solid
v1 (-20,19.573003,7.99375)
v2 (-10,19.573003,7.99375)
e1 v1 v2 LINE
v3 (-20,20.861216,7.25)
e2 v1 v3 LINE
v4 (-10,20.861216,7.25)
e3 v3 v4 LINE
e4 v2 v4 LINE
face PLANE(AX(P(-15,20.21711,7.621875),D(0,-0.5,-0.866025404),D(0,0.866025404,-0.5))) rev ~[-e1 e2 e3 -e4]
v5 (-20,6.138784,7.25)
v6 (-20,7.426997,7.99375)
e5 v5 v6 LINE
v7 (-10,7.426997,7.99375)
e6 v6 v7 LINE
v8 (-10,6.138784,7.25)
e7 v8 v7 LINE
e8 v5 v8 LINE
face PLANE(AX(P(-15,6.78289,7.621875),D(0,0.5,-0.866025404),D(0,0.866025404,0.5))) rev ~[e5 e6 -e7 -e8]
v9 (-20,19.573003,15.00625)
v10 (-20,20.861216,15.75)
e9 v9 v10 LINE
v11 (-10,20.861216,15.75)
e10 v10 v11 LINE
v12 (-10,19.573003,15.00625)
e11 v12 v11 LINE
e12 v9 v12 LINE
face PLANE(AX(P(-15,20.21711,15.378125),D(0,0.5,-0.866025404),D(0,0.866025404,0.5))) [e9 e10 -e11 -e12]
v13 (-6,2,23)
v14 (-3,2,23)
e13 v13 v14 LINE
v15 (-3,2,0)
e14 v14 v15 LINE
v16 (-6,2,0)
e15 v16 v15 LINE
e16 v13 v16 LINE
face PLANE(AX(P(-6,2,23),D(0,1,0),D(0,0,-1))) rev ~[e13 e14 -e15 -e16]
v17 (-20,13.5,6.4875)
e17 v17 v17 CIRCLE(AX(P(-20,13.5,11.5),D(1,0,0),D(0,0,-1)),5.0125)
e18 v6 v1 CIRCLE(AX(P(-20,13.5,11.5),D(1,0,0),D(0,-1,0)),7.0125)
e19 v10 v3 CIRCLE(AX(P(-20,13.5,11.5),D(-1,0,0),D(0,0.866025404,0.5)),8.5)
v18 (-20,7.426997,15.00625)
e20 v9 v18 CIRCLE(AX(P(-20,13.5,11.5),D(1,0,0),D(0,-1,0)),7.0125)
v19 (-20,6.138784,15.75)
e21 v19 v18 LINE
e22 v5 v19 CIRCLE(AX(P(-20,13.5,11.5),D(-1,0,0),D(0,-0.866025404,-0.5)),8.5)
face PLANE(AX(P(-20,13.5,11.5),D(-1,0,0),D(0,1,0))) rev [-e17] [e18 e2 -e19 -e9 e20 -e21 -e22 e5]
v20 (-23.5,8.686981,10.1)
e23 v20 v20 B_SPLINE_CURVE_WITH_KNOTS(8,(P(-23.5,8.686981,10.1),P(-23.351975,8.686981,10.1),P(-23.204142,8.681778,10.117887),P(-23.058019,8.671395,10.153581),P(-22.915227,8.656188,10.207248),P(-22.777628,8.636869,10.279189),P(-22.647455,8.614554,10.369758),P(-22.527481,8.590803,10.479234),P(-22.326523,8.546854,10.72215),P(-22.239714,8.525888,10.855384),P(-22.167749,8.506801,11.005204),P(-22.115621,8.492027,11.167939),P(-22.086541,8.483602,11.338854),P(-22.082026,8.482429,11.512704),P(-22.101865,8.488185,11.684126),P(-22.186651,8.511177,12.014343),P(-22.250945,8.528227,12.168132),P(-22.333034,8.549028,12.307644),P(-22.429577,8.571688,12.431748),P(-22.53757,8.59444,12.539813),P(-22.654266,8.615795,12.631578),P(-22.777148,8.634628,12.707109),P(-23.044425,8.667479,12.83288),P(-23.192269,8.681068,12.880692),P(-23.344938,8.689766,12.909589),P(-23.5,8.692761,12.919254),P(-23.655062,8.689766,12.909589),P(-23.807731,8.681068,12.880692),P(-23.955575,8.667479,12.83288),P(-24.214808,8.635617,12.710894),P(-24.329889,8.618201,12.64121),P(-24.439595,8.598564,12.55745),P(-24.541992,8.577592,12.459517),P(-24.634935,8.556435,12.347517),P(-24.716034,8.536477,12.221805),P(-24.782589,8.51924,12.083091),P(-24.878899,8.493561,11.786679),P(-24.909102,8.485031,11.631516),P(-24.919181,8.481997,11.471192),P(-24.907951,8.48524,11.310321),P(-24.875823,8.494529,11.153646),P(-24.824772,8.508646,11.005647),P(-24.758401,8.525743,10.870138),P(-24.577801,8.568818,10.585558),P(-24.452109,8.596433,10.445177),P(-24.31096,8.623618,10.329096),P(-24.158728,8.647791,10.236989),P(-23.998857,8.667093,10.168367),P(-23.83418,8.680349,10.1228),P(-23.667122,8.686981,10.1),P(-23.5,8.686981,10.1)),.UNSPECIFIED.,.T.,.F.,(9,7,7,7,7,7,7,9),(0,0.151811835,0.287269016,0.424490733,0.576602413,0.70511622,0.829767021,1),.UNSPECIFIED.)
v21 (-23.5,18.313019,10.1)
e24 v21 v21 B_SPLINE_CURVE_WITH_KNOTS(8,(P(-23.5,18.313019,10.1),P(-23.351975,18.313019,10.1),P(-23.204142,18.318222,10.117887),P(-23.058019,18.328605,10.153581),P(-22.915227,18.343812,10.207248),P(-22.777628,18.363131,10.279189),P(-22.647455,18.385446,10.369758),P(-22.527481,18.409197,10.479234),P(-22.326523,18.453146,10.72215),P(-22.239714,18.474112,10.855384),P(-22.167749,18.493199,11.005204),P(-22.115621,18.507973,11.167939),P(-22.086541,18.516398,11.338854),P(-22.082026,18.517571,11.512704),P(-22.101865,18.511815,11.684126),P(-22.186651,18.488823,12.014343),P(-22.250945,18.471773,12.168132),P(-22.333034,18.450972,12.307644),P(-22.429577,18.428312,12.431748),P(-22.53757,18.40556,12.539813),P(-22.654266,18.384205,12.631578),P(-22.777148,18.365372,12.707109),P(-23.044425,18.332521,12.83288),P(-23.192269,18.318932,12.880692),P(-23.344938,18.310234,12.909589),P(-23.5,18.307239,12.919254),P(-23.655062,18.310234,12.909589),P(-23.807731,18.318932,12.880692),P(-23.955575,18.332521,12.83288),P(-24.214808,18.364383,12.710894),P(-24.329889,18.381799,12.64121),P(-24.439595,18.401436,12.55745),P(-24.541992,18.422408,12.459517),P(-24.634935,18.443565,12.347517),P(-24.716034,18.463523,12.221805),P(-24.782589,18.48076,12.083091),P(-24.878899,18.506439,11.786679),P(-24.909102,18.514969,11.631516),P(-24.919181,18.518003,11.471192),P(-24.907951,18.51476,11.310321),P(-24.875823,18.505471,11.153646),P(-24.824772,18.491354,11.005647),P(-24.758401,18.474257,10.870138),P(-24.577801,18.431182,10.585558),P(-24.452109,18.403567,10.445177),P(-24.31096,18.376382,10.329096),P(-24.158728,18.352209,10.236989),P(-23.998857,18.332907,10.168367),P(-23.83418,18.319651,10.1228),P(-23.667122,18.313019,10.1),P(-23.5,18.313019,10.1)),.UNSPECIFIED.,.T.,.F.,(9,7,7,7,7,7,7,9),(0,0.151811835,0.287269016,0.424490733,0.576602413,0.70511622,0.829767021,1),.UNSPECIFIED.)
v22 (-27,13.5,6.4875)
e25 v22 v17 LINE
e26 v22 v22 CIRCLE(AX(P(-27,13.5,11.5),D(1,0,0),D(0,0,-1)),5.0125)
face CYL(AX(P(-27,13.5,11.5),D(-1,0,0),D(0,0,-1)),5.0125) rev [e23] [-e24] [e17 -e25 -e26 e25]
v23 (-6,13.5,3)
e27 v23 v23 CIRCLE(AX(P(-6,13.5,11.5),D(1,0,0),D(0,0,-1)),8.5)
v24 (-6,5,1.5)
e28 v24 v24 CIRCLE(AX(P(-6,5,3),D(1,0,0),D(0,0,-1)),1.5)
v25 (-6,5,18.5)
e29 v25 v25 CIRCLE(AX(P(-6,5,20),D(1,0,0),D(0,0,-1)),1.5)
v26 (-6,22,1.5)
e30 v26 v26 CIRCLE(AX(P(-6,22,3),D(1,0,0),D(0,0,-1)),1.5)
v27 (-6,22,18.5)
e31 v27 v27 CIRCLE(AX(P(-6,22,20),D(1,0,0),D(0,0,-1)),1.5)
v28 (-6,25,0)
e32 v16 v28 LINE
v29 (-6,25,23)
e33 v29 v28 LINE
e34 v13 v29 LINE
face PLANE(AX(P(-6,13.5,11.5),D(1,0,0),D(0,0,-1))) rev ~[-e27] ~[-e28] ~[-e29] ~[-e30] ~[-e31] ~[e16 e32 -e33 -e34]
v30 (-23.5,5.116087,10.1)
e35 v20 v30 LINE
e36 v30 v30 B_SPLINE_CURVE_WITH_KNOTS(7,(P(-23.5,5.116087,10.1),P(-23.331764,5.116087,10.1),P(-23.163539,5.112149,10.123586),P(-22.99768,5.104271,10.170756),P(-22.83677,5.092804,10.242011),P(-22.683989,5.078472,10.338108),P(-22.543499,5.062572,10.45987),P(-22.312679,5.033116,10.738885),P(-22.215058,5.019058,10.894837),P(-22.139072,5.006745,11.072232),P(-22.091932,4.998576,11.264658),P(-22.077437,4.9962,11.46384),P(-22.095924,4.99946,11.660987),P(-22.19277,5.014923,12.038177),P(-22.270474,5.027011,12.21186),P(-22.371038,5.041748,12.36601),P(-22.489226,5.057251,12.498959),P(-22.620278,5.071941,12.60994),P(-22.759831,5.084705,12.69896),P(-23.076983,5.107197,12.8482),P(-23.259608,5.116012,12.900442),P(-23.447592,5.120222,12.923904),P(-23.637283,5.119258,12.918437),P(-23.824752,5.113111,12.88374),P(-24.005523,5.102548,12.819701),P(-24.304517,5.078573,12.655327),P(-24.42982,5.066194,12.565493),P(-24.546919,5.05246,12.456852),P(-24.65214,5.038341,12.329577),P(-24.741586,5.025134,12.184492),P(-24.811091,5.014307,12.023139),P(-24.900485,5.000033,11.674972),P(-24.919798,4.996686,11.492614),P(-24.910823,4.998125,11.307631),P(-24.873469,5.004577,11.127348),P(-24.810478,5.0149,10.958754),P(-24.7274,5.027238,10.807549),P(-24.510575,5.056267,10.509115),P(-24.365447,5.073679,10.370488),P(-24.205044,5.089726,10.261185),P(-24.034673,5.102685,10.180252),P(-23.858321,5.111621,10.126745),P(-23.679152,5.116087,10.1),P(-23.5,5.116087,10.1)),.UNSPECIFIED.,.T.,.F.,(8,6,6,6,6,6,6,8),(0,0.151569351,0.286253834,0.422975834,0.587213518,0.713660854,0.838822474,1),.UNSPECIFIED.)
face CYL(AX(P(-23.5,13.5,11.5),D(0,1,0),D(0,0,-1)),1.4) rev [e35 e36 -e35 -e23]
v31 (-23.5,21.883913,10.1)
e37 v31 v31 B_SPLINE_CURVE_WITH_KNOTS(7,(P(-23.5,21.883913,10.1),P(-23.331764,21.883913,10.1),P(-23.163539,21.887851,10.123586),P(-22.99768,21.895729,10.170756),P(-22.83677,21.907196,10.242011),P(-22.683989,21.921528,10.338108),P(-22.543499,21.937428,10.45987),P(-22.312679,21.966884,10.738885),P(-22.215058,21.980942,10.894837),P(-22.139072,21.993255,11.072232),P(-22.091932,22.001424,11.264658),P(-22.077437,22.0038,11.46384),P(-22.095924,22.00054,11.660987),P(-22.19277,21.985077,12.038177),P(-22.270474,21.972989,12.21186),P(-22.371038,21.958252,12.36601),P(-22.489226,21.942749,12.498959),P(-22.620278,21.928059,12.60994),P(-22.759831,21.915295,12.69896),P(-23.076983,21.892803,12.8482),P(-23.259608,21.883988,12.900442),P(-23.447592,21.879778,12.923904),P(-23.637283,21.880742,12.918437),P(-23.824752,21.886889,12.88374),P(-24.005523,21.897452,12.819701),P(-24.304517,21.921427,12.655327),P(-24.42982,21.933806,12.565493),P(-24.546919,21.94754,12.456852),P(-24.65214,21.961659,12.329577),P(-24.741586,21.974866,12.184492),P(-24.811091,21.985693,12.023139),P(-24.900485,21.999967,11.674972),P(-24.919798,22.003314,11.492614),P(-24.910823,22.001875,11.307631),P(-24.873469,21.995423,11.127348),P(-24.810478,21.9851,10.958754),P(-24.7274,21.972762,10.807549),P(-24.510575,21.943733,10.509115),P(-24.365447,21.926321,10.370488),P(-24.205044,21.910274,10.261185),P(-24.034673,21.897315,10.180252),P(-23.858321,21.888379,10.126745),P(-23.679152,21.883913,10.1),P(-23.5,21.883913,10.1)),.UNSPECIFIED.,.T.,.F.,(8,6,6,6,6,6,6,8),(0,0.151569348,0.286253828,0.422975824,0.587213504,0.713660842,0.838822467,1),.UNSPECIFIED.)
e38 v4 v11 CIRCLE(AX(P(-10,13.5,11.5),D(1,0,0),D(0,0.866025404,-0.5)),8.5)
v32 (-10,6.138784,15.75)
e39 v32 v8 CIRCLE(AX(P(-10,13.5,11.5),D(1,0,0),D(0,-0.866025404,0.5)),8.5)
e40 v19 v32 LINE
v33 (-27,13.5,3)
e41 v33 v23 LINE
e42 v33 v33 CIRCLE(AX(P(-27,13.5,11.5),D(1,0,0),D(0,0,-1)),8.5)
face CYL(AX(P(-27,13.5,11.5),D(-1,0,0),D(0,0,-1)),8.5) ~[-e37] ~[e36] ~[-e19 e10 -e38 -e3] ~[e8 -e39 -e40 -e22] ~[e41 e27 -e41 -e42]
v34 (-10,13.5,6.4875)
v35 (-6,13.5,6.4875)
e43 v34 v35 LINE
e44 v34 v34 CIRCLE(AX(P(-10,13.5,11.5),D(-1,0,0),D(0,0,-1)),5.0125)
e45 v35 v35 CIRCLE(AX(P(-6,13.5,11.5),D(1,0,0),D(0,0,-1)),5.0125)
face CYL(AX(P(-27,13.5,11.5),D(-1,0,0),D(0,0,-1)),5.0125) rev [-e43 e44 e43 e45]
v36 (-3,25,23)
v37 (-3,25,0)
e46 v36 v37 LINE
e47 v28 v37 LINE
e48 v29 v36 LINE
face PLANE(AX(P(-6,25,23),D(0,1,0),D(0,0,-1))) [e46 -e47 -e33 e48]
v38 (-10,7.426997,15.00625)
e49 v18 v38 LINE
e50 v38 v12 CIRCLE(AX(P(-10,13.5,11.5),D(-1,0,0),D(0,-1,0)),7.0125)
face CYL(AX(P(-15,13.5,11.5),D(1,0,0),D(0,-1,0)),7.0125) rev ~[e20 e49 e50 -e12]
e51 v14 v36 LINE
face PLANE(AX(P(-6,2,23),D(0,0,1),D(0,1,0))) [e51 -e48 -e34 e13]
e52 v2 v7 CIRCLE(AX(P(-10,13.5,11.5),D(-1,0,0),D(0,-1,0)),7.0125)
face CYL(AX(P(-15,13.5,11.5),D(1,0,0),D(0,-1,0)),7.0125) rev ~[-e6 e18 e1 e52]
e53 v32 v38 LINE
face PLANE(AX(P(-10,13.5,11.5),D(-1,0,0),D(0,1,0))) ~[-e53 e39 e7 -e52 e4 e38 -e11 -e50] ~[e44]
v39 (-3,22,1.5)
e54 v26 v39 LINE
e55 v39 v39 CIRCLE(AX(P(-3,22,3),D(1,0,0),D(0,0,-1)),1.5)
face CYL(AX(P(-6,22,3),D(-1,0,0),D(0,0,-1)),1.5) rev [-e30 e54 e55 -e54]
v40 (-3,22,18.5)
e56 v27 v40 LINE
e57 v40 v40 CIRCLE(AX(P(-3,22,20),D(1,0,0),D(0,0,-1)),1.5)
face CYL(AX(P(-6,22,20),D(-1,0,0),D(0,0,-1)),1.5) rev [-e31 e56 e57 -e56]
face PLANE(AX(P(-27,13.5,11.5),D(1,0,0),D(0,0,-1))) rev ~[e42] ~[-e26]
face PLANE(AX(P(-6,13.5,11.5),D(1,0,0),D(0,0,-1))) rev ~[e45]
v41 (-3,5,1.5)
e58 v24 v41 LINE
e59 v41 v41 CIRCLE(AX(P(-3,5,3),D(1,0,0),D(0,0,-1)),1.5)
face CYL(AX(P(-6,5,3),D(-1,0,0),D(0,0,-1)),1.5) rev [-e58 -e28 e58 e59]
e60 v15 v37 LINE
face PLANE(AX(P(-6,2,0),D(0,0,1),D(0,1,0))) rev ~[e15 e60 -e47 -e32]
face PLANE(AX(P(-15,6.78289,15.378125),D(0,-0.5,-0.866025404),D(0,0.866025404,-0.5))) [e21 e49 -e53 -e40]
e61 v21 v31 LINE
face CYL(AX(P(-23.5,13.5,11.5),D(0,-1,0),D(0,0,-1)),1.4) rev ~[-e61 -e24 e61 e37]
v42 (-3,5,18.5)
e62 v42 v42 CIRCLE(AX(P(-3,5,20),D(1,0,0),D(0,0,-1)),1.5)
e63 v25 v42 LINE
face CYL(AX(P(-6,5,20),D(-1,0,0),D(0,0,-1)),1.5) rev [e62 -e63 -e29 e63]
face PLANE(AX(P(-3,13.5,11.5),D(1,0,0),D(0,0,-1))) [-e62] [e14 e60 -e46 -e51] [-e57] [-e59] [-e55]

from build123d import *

# Parameters (mm, degrees)
SKETCH012_R             = 8.5
SKETCH012_R_2           = 5.0125
PAD009_DEPTH            = 21
SKETCH013_W             = 2
SKETCH013_H             = 10
SKETCH014_W             = 1.4875
SKETCH014_H             = 10
GROOVE002_ANGLE         = -60
SKETCH015_R             = 1.4
POCKET002_DEPTH         = 8.501
POCKET002_DEPTH_BACK    = 8.501
SKETCH016_W             = 23
SKETCH016_H             = 23
SKETCH016_R             = 1.5
PAD010_DEPTH            = 3
BODY006_PLACEMENT_ANGLE = 90


with BuildPart() as part:
    # Sketch012 → Pad009 (new body)
    with BuildSketch(Plane.XY):
        Circle(SKETCH012_R)
        Circle(SKETCH012_R_2, mode=Mode.SUBTRACT)
    extrude(amount=PAD009_DEPTH)

    # Sketch013 → Groove001 (revolve, cut)
    with BuildSketch(Plane.YZ):
        with Locations((-6.0125, 12)):
            Rectangle(SKETCH013_W, SKETCH013_H)
        with Locations((6.0125, 12)):
            Rectangle(SKETCH013_W, SKETCH013_H)
    revolve(axis=Axis((0, 0, 0), (0, 0, 1)), mode=Mode.SUBTRACT)

    # Sketch014 → Groove002 (revolve, symmetric, cut)
    with BuildSketch(Plane.YZ) as groove002_sk:
        with Locations((-7.75625, 12)):
            Rectangle(SKETCH014_W, SKETCH014_H)
        with Locations((7.75625, 12)):
            Rectangle(SKETCH014_W, SKETCH014_H)
    revolve(axis=Axis((0, 0, 0), (0, 0, 1)), revolution_arc=GROOVE002_ANGLE / 2, mode=Mode.SUBTRACT)
    revolve(groove002_sk.sketch, axis=Axis((0, 0, 0), (0, 0, -1)), revolution_arc=GROOVE002_ANGLE / 2, mode=Mode.SUBTRACT)

    # Sketch015 → Pocket002 (cut, two sides)
    with BuildSketch(Plane.XZ) as pocket002_sk:
        with Locations((0, 3.5)):
            Circle(SKETCH015_R)
    extrude(amount=-POCKET002_DEPTH, mode=Mode.SUBTRACT)
    extrude(pocket002_sk.sketch, amount=POCKET002_DEPTH_BACK, mode=Mode.SUBTRACT)

    # Sketch016 → Pad010 (join)
    with BuildSketch(Plane.XY.offset(21)):
        Rectangle(SKETCH016_W, SKETCH016_H)
        with Locations((-8.5, 8.5)):
            Circle(SKETCH016_R, mode=Mode.SUBTRACT)
        with Locations((-8.5, -8.5)):
            Circle(SKETCH016_R, mode=Mode.SUBTRACT)
        with Locations((8.5, 8.5)):
            Circle(SKETCH016_R, mode=Mode.SUBTRACT)
        with Locations((8.5, -8.5)):
            Circle(SKETCH016_R, mode=Mode.SUBTRACT)
    extrude(amount=PAD010_DEPTH)


with BuildPart() as part_1:
    # Body006 placement: moved
    add(part.part.moved(Location((-27, 13.5, 11.5))).rotate(Axis((-27, 13.5, 11.5), (0, 1, 0)), BODY006_PLACEMENT_ANGLE))


solid = part_1.part
